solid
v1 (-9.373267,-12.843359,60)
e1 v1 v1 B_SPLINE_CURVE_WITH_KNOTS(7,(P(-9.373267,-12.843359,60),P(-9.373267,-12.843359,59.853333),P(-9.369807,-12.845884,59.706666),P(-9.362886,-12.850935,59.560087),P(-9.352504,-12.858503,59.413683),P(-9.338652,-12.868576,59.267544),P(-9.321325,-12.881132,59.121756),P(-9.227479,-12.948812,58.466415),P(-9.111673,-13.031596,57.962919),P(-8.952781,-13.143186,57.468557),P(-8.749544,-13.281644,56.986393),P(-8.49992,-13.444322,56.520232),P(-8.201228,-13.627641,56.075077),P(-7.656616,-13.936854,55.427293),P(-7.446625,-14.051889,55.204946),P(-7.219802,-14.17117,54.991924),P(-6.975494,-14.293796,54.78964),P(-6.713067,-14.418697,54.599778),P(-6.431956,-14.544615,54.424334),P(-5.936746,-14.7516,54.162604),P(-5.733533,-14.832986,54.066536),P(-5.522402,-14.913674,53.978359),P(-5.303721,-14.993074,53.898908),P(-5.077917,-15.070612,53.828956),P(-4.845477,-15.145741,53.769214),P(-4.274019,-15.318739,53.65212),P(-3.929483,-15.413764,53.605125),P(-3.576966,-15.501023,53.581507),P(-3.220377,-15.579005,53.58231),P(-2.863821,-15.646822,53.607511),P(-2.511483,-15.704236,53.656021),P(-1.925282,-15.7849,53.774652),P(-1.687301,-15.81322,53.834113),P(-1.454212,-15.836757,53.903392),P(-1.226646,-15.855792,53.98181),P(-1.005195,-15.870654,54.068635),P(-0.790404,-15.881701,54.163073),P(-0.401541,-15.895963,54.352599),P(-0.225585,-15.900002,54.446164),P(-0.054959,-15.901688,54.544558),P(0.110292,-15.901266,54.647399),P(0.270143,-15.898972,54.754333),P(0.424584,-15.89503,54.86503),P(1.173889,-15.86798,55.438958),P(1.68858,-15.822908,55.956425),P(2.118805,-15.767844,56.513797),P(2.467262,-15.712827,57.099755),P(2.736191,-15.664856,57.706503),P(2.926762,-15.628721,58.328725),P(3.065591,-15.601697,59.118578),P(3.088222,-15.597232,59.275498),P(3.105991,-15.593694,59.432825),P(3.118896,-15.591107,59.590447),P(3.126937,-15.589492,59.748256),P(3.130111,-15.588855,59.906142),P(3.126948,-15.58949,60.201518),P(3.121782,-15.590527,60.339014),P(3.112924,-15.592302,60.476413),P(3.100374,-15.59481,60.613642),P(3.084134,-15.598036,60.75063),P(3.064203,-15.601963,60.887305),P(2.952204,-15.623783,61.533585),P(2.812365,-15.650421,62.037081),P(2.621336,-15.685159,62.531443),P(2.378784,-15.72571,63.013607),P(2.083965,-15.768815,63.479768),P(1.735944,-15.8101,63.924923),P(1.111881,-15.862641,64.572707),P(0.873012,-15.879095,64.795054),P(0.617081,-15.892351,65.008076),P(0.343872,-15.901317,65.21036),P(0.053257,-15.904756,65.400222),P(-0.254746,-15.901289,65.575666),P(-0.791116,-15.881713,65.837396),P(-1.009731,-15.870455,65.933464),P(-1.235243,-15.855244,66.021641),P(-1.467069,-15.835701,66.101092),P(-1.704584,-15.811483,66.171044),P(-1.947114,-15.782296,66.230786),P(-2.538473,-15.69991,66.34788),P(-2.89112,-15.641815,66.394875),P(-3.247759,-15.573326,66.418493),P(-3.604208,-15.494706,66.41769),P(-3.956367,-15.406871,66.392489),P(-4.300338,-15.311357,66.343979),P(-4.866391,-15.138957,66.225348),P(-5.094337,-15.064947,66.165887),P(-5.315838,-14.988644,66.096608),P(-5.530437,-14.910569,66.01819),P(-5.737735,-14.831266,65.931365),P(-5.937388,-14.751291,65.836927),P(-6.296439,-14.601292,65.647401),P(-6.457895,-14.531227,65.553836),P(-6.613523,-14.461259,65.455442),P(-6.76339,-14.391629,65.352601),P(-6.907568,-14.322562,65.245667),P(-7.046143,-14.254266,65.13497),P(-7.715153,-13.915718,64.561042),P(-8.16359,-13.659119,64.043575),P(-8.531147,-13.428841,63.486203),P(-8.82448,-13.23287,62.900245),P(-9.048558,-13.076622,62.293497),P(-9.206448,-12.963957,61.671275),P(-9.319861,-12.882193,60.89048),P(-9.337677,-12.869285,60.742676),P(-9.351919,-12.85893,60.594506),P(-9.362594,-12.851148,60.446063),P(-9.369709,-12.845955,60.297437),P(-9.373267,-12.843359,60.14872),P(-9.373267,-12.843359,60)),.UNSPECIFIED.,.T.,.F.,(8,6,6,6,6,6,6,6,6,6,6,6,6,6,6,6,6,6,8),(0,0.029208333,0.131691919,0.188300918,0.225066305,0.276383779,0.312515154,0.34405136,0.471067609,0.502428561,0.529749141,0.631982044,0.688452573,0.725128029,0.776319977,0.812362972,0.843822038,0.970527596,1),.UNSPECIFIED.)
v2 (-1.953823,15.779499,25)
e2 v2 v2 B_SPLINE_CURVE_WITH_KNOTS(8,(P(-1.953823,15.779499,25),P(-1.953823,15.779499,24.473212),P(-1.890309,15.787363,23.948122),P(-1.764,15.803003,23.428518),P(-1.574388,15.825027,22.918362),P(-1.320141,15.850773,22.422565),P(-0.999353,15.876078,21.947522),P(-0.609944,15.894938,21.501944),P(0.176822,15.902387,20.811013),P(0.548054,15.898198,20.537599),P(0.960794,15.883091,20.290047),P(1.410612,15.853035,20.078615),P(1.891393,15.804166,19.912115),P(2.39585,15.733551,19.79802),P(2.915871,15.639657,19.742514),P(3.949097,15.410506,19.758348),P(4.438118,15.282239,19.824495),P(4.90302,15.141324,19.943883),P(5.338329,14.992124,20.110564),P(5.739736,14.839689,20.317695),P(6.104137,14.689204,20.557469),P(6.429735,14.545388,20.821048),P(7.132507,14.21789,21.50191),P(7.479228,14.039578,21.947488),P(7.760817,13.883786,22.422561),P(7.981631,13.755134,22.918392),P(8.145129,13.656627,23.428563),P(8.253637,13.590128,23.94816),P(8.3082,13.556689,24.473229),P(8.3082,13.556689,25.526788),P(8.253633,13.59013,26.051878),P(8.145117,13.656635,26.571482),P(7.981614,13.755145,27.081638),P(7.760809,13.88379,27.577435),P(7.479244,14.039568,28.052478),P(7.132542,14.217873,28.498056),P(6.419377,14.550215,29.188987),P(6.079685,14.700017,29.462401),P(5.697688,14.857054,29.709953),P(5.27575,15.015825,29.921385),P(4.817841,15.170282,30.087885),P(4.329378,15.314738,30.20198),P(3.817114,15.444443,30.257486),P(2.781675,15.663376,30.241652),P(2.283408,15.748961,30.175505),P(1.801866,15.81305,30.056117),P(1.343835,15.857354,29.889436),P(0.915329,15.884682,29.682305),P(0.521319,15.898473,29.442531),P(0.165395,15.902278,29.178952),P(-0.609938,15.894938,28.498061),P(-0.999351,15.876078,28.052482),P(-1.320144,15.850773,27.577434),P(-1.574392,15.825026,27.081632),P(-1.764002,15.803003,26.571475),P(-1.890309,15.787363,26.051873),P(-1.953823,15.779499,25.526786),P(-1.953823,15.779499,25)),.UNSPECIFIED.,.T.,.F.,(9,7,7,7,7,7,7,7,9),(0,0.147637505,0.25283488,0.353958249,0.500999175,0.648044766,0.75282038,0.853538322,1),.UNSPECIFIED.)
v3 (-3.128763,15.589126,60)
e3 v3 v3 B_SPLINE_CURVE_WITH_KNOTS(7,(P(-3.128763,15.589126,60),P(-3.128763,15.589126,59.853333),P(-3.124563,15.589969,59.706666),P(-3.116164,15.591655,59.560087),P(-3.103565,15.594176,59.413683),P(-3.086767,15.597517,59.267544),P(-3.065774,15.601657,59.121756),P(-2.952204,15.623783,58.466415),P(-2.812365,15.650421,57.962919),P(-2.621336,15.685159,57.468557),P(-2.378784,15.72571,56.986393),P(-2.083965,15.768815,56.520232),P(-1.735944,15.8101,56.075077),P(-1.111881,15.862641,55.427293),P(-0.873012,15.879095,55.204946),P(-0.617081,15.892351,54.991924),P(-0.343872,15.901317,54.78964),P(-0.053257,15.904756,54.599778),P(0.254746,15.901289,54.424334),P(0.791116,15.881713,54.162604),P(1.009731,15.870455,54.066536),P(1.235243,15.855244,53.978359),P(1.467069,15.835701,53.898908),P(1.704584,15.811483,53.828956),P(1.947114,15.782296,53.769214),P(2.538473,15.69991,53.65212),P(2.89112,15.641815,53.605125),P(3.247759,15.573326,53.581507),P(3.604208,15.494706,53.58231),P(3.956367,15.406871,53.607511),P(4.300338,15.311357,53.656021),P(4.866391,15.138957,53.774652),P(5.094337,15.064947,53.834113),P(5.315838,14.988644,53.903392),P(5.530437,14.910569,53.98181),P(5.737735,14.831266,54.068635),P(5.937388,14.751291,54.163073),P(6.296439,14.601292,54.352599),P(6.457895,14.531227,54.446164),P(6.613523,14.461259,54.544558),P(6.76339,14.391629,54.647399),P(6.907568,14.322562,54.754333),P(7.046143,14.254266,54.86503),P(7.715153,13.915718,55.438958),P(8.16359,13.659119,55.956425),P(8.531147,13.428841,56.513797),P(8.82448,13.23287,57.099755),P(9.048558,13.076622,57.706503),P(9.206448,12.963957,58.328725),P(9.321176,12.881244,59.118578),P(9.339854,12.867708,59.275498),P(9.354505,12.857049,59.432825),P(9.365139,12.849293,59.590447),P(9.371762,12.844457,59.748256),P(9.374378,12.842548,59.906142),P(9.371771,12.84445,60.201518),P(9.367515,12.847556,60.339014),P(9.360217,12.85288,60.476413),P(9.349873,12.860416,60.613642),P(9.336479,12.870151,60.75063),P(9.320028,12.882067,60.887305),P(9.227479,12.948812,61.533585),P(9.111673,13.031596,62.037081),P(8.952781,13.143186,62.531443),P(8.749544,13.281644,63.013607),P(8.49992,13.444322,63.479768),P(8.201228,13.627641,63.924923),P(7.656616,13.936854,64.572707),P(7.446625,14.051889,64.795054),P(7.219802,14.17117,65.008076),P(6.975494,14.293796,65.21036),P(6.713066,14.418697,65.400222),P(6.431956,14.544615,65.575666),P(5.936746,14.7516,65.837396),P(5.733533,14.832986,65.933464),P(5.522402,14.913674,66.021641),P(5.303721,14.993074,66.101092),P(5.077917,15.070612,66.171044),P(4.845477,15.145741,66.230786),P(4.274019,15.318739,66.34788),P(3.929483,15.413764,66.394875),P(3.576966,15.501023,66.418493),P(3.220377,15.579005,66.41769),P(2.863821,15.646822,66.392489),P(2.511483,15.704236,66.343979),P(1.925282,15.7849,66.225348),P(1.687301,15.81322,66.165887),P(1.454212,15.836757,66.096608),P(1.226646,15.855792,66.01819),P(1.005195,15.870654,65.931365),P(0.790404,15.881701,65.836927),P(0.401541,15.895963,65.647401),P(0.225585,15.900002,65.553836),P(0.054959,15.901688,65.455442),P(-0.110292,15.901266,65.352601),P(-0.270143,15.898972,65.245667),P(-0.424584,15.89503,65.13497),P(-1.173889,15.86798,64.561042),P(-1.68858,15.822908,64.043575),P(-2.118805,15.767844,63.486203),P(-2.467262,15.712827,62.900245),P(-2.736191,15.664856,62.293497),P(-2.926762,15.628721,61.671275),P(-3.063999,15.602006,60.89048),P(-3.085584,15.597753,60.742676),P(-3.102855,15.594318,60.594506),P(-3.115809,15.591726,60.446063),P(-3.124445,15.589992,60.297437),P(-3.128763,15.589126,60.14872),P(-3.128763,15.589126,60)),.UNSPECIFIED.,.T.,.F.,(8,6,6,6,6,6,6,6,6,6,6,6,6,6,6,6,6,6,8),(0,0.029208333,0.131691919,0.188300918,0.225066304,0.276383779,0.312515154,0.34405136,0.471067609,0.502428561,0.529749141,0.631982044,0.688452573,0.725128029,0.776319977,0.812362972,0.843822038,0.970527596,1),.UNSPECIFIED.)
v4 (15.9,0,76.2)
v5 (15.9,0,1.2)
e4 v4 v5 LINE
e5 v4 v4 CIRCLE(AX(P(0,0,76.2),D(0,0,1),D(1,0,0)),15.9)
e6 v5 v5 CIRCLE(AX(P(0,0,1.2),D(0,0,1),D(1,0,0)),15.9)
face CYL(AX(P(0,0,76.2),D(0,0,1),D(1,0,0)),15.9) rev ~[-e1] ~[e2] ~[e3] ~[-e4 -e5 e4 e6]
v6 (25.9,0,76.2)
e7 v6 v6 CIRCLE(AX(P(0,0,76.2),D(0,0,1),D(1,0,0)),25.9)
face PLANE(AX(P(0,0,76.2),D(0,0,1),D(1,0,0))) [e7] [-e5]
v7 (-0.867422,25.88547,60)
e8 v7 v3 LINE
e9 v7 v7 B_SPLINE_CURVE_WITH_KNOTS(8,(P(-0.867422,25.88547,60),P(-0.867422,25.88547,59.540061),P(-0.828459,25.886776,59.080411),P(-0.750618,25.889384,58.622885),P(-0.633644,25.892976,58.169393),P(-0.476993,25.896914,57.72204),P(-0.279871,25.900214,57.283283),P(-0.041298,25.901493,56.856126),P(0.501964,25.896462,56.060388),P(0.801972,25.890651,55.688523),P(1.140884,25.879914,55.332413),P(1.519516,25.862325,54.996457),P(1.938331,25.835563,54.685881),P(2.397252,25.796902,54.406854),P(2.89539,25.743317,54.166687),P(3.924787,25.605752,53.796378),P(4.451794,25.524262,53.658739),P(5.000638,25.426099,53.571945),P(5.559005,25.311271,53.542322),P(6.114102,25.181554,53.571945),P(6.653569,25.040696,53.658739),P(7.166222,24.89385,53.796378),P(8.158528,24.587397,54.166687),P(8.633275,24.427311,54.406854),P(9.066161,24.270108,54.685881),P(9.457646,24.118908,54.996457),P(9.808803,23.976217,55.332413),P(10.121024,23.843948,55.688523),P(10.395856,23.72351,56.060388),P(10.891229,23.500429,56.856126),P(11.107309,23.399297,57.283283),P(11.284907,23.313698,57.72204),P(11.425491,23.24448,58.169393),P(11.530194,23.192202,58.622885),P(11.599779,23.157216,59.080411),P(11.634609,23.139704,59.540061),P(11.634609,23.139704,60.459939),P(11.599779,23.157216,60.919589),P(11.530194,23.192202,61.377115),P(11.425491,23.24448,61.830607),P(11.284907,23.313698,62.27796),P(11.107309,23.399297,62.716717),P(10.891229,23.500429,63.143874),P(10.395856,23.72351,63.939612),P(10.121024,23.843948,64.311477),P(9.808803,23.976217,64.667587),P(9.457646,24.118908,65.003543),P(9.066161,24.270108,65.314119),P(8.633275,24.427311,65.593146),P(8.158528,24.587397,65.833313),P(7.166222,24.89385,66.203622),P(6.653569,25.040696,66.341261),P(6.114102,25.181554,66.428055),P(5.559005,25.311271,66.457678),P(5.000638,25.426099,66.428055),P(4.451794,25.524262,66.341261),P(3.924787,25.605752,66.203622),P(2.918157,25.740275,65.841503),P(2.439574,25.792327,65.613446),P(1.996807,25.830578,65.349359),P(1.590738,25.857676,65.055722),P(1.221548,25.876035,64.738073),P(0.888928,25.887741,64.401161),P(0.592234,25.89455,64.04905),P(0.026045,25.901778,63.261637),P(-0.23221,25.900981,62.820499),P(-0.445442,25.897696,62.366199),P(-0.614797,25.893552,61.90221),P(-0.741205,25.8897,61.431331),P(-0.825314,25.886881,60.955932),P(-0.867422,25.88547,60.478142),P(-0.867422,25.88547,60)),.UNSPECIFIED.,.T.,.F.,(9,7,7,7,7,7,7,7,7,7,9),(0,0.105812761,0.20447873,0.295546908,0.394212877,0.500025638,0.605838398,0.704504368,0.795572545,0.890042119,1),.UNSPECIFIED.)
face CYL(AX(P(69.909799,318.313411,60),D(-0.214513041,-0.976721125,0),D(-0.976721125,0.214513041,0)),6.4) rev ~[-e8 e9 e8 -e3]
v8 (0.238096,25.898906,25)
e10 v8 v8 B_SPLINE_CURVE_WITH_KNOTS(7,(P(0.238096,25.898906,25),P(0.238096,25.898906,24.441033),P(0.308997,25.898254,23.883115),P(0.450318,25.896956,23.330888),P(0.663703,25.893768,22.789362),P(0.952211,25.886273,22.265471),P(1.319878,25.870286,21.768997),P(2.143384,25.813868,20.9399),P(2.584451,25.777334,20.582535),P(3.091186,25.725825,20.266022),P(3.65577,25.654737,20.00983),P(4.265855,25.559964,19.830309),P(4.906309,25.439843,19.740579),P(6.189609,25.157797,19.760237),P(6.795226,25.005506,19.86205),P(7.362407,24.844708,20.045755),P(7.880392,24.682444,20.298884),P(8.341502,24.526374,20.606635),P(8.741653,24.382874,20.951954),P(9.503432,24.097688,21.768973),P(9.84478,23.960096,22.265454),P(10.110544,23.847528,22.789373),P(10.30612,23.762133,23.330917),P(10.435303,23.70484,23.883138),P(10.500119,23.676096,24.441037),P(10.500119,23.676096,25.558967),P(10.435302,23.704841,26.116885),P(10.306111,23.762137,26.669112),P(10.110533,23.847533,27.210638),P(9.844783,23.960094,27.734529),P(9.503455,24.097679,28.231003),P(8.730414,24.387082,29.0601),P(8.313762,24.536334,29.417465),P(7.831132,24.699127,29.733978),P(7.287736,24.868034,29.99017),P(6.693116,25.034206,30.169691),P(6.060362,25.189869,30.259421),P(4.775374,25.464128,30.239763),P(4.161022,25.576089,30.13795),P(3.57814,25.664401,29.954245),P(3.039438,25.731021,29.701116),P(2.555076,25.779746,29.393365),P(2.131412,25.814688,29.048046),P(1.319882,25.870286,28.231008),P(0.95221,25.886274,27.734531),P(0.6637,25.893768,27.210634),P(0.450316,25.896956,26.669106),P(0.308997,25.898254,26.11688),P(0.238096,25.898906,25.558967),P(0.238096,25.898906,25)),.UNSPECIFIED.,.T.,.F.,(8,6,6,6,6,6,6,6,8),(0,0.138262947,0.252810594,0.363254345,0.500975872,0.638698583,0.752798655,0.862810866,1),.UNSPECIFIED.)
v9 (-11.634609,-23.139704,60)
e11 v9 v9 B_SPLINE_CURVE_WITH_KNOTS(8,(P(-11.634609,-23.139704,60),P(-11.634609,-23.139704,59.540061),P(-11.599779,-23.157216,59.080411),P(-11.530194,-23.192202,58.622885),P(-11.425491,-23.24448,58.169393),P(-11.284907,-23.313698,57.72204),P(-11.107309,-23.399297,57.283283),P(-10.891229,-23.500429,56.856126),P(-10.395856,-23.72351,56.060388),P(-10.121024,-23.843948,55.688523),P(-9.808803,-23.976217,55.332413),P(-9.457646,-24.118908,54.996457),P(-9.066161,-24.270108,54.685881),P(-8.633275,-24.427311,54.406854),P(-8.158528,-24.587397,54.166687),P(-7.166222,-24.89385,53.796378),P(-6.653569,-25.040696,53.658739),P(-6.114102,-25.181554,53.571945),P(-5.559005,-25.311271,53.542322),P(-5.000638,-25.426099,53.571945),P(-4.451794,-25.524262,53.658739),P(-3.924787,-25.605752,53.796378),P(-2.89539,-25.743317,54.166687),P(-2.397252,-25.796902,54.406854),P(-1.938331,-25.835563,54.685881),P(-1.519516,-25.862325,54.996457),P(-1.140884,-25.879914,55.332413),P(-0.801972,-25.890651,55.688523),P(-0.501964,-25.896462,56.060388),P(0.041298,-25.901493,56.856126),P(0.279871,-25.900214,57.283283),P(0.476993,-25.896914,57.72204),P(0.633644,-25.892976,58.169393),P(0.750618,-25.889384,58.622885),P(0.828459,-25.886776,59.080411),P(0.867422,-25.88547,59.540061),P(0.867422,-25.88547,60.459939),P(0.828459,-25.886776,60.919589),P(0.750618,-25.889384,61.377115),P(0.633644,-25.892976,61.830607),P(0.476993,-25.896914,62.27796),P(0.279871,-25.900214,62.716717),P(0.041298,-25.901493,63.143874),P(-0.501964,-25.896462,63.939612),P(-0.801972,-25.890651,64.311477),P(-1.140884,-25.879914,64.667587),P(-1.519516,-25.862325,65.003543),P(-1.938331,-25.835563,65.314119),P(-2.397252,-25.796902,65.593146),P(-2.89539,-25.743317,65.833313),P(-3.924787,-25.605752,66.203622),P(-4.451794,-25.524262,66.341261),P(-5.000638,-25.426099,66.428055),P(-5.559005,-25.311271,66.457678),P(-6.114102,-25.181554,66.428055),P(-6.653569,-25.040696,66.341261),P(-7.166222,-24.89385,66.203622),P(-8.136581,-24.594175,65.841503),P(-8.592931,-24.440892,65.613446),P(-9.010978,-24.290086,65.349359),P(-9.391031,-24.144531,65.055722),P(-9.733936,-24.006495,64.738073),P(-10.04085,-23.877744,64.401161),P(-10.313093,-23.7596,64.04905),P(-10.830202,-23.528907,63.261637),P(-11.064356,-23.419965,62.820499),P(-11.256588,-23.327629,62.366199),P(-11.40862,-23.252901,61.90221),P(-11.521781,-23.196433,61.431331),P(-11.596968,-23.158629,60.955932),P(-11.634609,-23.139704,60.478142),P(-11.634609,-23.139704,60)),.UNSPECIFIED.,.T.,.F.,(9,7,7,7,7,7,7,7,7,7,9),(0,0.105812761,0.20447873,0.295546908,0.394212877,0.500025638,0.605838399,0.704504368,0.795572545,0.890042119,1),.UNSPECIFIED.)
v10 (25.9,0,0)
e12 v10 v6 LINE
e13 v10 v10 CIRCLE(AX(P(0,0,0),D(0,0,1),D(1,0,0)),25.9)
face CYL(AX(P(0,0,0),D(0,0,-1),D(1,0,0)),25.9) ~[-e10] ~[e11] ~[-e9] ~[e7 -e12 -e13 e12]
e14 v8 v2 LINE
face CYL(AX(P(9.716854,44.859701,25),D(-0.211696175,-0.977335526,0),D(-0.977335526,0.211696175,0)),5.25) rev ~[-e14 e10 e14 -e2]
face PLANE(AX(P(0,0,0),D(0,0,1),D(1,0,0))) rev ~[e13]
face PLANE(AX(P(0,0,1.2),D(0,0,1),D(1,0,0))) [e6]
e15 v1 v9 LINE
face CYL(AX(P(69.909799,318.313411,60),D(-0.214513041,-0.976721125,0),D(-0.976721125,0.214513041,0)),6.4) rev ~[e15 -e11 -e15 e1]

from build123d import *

# Parameters (mm, degrees)
SKETCH1_R                        = 25.9
BOSS_EXTRUDE1_DEPTH              = 76.2
SKETCH2_R                        = 15.9
CUT_EXTRUDE1_DEPTH               = 75
F_10_5_10_5_DIAMETER_HOLE1_D     = 10.5
F_10_5_10_5_DIAMETER_HOLE1_DEPTH = 20
F_10_5_10_5_DIAMETER_HOLE1_TIP   = 3.15451825
F_12_8_12_8_DIAMETER_HOLE1_D     = 12.8
F_12_8_12_8_DIAMETER_HOLE1_DEPTH = 300
F_12_8_12_8_DIAMETER_HOLE1_TIP   = 3.845507962


with BuildPart() as part:
    # Sketch1 → Boss-Extrude1 (new body)
    with BuildSketch(Plane.XY):
        Circle(SKETCH1_R)
    extrude(amount=BOSS_EXTRUDE1_DEPTH)

    # Sketch2 → Cut-Extrude1 (cut)
    with BuildSketch(Plane.XY.offset(76.2)):
        Circle(SKETCH2_R)
    extrude(amount=-CUT_EXTRUDE1_DEPTH, mode=Mode.SUBTRACT)

    # Ø10.5 (10.5) Diameter Hole1
    with Locations(Plane(origin=(5.482930922, 25.312990114, 25), x_dir=(0.977335526, -0.211696175, 0), z_dir=(0.211696175, 0.977335526, 0))):
        with Locations((0, 0)):
            Hole(F_10_5_10_5_DIAMETER_HOLE1_D / 2, depth=F_10_5_10_5_DIAMETER_HOLE1_DEPTH)
            with Locations((0, 0, -(F_10_5_10_5_DIAMETER_HOLE1_DEPTH + F_10_5_10_5_DIAMETER_HOLE1_TIP / 2))):  # 118° drill point
                Cone(0, F_10_5_10_5_DIAMETER_HOLE1_D / 2, F_10_5_10_5_DIAMETER_HOLE1_TIP, mode=Mode.SUBTRACT)

    # Ø12.8 (12.8) Diameter Hole1
    with Locations(Plane(origin=(5.555887044, 25.297073879, 60), x_dir=(0.976721125, -0.214513041, 0), z_dir=(0.214513041, 0.976721125, 0))):
        with Locations((0, 0)):
            Hole(F_12_8_12_8_DIAMETER_HOLE1_D / 2, depth=F_12_8_12_8_DIAMETER_HOLE1_DEPTH)
            with Locations((0, 0, -(F_12_8_12_8_DIAMETER_HOLE1_DEPTH + F_12_8_12_8_DIAMETER_HOLE1_TIP / 2))):  # 118° drill point
                Cone(0, F_12_8_12_8_DIAMETER_HOLE1_D / 2, F_12_8_12_8_DIAMETER_HOLE1_TIP, mode=Mode.SUBTRACT)


solid = part.part
